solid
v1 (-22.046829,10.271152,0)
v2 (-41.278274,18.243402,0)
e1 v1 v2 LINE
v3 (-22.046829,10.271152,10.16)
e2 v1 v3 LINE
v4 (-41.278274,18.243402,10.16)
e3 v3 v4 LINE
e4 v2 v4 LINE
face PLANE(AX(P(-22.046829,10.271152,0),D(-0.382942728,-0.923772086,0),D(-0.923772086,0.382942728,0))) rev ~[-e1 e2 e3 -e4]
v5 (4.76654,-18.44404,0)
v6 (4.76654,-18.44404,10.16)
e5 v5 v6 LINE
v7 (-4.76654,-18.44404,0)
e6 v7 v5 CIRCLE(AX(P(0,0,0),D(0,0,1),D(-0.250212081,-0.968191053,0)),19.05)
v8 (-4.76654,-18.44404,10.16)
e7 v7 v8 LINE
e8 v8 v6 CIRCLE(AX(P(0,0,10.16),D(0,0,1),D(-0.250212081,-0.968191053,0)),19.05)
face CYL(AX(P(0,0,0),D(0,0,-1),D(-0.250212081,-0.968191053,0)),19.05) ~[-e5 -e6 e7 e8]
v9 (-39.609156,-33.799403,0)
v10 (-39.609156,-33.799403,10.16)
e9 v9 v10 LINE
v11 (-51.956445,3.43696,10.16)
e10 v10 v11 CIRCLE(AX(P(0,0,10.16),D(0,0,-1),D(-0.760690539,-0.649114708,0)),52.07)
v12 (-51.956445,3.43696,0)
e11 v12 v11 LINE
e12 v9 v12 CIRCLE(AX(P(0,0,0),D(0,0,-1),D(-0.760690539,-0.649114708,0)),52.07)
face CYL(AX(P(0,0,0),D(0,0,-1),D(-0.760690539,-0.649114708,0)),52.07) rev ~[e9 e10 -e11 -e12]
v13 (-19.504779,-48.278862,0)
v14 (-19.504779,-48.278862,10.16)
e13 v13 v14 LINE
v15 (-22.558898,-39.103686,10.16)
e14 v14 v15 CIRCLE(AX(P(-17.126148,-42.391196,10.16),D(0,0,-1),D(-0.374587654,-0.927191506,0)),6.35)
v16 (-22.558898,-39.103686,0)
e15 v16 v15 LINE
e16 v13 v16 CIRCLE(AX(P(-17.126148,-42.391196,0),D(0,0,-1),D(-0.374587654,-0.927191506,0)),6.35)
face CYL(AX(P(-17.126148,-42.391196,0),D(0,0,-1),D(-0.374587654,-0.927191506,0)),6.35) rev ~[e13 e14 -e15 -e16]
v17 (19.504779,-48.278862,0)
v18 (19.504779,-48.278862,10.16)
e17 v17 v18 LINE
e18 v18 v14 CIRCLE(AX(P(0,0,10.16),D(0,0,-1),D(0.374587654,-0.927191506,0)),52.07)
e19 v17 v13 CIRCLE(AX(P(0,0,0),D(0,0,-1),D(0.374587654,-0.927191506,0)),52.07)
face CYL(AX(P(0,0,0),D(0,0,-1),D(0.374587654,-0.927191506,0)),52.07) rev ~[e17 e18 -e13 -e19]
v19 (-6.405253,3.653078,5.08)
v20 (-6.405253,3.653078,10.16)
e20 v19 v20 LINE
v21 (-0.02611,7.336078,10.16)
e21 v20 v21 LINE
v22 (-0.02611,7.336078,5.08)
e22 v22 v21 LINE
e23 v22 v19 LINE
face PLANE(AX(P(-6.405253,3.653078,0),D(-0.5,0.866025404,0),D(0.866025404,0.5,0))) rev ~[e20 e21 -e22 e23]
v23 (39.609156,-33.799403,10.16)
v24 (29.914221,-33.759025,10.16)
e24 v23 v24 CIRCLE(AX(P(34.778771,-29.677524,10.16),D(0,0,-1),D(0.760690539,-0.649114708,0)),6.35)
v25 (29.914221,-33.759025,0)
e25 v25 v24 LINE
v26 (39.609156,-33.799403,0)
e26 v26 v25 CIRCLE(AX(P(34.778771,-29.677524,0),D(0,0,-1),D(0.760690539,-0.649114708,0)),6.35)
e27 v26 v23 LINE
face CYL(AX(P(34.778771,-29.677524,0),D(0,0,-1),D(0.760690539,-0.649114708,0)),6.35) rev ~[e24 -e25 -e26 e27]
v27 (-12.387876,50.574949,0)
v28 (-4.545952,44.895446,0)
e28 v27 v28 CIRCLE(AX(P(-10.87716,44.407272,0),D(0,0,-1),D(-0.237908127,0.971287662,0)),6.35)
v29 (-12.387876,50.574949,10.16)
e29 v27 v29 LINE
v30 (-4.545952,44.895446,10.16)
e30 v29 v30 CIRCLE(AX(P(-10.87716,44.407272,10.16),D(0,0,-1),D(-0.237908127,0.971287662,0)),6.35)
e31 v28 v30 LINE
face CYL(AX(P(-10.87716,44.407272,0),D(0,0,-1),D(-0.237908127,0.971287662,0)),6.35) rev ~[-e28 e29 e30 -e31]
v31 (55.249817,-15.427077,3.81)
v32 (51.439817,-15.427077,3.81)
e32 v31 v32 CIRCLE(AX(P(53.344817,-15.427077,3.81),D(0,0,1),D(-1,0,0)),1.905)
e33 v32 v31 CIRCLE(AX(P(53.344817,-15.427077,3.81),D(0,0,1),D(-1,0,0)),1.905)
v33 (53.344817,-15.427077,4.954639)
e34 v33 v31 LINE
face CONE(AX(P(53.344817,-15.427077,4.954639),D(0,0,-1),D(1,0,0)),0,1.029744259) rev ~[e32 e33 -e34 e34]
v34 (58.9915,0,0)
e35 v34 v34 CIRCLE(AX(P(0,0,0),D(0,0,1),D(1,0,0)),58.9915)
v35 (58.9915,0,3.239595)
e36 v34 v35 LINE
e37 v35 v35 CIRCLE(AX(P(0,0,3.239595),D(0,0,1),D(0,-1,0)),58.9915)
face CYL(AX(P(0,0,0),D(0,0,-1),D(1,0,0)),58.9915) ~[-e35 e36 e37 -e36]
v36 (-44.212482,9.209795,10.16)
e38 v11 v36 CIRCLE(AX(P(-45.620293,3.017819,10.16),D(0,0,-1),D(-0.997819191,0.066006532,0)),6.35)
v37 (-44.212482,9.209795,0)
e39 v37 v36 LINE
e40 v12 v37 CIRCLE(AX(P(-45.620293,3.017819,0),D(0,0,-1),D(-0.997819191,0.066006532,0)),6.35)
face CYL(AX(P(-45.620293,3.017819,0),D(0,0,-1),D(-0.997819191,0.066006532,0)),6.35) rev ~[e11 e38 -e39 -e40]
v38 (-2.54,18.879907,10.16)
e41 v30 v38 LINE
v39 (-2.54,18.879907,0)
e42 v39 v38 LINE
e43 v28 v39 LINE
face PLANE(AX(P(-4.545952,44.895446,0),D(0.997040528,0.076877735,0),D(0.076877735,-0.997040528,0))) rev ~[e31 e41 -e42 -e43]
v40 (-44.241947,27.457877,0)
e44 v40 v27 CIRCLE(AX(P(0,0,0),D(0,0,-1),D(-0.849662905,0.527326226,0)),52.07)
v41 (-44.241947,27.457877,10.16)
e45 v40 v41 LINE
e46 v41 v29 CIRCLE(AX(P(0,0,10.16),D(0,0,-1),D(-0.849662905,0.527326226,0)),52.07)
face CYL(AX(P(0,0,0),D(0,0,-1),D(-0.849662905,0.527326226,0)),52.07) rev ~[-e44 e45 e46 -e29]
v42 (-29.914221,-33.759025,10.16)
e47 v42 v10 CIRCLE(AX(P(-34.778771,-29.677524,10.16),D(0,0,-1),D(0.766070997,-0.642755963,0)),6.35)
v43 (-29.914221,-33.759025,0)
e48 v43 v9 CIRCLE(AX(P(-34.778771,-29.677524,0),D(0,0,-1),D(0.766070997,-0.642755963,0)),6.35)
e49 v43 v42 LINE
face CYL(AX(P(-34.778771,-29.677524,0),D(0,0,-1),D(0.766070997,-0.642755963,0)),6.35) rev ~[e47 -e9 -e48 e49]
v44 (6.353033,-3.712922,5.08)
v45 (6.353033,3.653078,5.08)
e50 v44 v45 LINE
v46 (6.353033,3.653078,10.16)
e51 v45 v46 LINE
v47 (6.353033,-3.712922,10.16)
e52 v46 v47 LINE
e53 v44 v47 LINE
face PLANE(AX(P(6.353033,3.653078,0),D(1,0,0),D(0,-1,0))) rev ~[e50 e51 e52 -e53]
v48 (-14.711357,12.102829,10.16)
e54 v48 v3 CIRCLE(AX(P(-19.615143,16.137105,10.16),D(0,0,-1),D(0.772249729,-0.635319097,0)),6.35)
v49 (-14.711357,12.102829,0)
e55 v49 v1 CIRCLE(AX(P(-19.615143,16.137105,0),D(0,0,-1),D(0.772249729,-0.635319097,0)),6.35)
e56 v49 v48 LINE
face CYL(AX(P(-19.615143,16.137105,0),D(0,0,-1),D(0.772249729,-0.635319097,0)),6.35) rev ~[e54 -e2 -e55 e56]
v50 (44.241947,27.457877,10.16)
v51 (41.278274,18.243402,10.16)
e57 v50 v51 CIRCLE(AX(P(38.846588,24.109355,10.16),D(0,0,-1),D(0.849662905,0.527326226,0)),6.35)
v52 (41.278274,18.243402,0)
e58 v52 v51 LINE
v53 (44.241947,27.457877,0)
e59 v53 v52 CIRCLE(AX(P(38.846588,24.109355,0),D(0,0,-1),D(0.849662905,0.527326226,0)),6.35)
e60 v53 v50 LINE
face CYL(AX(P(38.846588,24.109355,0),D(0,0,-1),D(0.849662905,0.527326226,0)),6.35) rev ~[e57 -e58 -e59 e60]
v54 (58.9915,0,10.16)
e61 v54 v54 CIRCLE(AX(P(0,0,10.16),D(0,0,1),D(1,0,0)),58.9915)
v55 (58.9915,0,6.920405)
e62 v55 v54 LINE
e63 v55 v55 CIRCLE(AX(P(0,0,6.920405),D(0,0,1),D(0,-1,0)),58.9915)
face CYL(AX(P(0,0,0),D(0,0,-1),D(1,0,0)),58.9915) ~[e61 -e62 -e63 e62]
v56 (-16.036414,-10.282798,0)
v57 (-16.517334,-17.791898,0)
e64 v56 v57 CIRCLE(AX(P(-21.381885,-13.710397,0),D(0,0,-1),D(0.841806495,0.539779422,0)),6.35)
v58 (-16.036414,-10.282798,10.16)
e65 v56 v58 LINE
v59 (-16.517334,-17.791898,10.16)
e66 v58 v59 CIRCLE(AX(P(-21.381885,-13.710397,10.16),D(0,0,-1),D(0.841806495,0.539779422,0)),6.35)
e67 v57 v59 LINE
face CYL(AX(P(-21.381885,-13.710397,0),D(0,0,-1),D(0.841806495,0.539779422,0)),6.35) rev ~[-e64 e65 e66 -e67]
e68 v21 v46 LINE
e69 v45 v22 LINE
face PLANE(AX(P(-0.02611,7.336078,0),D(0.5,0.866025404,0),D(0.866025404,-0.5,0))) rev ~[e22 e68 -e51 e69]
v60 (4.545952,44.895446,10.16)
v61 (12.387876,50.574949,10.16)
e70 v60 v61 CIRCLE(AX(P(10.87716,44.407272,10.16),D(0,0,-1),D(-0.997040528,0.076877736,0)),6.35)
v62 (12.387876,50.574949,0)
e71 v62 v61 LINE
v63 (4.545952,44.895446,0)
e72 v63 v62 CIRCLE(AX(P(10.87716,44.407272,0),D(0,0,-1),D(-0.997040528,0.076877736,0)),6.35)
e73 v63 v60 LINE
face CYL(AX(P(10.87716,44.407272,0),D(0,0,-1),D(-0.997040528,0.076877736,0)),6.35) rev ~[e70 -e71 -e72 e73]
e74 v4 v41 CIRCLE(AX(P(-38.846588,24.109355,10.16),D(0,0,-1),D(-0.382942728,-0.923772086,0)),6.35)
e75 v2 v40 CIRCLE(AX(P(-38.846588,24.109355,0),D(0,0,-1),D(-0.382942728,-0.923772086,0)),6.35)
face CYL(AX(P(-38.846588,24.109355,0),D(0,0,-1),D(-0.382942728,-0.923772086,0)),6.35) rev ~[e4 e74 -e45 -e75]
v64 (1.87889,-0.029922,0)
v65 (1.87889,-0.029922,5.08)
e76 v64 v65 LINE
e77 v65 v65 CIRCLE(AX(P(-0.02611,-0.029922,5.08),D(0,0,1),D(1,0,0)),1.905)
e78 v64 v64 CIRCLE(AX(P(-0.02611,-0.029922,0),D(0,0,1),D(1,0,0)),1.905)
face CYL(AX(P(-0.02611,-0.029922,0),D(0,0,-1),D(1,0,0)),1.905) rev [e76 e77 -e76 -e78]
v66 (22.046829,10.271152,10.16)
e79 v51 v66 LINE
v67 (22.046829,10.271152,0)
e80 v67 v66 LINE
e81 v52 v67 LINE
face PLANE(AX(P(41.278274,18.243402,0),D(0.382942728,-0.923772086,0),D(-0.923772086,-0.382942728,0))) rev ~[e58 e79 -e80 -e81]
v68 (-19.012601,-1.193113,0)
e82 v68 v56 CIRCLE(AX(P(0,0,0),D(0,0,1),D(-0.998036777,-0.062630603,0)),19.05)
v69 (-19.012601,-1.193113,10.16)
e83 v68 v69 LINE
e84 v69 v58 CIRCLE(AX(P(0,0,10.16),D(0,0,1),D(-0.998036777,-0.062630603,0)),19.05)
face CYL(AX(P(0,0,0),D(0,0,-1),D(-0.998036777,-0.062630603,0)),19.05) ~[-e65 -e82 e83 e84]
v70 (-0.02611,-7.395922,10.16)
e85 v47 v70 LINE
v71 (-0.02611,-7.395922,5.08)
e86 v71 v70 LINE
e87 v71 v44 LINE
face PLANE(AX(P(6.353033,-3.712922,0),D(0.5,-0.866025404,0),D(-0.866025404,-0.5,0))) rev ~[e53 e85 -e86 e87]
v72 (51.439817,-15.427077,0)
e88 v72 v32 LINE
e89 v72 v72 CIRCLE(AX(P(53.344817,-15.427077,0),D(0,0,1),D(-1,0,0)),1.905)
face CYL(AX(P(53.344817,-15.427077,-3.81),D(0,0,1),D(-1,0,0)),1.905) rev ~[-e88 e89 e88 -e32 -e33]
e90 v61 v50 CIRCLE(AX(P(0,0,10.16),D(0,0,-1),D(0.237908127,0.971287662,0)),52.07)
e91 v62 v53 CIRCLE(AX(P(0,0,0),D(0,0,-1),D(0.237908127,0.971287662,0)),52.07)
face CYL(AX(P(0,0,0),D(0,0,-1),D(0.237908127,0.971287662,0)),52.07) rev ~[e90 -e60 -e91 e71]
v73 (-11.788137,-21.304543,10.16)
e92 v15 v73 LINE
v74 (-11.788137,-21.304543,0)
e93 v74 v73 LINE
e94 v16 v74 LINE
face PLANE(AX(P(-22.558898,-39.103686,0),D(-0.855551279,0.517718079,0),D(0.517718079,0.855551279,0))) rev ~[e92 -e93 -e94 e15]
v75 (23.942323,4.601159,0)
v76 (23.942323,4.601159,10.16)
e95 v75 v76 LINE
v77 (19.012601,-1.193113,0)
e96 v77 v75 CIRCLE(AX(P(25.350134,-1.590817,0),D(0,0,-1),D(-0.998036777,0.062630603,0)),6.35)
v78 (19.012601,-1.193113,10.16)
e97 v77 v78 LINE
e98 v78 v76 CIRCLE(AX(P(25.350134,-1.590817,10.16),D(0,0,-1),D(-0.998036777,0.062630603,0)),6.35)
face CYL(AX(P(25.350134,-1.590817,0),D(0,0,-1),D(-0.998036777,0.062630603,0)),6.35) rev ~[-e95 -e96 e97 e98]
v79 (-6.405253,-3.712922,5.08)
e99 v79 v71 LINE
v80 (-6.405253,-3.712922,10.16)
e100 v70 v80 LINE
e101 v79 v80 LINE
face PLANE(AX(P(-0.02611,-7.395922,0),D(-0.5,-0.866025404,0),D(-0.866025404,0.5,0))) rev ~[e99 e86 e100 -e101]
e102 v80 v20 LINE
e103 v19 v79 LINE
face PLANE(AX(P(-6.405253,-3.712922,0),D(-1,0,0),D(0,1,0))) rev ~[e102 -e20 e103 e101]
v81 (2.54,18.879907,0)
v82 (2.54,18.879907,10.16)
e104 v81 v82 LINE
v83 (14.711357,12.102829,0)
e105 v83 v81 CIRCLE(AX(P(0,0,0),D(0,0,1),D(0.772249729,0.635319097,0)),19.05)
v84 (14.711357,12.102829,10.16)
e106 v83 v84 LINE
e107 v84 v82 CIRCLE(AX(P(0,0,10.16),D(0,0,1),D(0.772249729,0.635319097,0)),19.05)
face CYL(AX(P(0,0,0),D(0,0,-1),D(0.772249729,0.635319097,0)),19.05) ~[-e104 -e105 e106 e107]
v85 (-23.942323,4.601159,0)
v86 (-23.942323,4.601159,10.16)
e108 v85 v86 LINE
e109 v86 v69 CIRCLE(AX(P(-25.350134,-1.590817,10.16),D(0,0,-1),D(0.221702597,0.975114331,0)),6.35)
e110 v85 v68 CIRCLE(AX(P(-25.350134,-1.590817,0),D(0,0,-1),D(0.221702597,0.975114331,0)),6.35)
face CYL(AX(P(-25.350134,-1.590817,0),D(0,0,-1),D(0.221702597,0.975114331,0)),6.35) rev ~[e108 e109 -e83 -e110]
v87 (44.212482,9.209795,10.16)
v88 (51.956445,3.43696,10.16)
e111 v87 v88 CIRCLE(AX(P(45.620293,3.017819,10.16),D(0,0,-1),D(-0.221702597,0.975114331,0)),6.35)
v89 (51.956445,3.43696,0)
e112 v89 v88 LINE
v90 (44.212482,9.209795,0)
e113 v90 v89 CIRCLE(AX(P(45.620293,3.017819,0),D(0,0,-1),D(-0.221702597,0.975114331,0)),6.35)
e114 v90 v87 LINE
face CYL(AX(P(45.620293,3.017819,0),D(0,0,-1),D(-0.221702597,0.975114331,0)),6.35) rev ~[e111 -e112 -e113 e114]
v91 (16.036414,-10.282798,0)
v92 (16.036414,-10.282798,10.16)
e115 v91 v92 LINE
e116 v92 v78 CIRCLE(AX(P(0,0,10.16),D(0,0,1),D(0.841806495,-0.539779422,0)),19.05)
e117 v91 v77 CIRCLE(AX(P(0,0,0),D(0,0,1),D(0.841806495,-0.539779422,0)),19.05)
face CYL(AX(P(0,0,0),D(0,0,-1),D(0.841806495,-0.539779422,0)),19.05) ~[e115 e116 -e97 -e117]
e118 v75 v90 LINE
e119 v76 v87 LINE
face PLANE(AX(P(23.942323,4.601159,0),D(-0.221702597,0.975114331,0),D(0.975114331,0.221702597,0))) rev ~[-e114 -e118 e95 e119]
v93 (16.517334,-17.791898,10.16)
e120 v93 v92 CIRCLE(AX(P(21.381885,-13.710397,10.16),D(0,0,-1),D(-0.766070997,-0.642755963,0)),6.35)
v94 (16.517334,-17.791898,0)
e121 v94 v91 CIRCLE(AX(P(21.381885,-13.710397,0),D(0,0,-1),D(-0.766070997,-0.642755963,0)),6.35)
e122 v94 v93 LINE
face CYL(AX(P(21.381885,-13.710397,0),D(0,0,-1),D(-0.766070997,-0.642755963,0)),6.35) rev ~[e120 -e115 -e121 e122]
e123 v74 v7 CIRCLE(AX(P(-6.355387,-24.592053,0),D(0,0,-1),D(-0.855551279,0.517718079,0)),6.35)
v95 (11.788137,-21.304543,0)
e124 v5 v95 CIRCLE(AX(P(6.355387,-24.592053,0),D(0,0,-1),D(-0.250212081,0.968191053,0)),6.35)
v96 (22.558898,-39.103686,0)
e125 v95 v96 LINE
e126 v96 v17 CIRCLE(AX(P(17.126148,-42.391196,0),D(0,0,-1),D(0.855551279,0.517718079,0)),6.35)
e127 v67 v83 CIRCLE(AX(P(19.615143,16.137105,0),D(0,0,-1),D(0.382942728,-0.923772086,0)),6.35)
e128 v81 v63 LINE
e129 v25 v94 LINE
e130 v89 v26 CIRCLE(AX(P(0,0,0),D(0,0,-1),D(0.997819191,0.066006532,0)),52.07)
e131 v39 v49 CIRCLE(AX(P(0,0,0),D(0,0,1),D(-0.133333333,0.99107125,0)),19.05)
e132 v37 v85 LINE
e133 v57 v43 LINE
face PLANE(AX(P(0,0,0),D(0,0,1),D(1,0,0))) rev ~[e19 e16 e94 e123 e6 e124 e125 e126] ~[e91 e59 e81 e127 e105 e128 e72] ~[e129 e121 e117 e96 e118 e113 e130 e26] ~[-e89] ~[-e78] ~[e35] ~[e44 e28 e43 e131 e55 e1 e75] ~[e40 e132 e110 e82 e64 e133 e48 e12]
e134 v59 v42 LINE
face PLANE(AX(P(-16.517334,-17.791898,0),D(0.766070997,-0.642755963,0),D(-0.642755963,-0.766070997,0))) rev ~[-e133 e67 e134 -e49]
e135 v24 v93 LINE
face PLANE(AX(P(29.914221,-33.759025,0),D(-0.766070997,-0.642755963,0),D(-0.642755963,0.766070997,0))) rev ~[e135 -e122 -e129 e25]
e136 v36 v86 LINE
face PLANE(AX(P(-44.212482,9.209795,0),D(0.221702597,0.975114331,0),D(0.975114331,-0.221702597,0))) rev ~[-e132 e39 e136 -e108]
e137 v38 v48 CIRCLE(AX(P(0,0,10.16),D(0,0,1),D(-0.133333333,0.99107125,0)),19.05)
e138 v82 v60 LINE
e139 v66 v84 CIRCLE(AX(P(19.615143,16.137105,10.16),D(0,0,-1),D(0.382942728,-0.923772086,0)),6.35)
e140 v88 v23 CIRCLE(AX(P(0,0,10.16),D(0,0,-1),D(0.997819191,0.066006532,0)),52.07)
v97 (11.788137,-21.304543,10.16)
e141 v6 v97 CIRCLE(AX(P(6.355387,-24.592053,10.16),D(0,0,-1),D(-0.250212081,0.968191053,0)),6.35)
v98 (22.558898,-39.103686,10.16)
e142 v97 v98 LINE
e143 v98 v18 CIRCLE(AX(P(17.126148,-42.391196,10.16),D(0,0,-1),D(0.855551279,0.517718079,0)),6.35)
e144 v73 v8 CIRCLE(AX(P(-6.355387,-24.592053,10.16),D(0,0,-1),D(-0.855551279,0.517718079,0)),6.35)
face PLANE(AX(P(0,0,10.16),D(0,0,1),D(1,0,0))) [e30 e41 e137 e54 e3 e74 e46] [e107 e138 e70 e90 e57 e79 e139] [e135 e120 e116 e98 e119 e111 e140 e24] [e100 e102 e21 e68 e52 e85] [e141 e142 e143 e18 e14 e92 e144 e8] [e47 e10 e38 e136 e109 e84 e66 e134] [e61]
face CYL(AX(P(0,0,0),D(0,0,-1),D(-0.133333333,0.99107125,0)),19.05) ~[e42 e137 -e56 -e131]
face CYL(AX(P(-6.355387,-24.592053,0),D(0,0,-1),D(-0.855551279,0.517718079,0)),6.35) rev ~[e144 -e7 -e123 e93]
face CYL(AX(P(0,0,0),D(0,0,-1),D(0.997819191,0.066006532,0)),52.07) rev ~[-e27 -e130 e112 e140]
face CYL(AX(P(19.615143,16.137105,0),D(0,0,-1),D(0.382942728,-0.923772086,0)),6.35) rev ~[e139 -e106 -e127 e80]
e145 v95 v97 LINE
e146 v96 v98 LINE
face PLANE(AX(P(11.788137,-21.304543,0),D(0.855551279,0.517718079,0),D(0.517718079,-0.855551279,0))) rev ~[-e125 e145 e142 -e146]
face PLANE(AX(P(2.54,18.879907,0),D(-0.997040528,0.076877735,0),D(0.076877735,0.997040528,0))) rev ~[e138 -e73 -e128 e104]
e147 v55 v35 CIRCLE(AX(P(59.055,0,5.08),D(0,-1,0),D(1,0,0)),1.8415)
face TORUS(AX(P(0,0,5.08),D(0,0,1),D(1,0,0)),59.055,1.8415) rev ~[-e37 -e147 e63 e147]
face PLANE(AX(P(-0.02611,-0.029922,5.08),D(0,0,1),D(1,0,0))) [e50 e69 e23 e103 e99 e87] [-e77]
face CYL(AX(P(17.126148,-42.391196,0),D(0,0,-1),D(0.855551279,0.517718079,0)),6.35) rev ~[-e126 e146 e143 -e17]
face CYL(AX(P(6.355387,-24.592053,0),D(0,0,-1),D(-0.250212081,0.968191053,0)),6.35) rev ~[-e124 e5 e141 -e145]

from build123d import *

# Parameters (mm, degrees)
F0_R     = 1.905
F1_DEPTH = 5.08
F0_R_2   = 58.9915
F2_DEPTH = 10.16
F3_R     = 1.8415
F7_D     = 3.81
F7_DEPTH = 3.81
F7_TIP   = 1.1446394792


with BuildPart() as f1:
    # F0 (on Top) → F1 (new body)
    with BuildSketch(Plane.XY):
        Polygon((-6.4052528628, -3.7129219378), (-0.0261097385, -7.3959219378), (6.3530333858, -3.7129219378), (6.3530333858, 3.6530780622), (-0.0261097385, 7.3360780622), (-6.4052528628, 3.6530780622), align=None)
        with Locations((-0.0261097385, -0.0299219378)):
            Circle(F0_R, mode=Mode.SUBTRACT)
    extrude(amount=F1_DEPTH)

    # F0 (on Top) → F2 (join)
    with BuildSketch(Plane.XY):
        Circle(F0_R_2)
        with BuildLine():
            Line((-44.2124819173, 9.2097946363), (-23.9423226363, 4.6011586921))
            ThreePointArc((-23.9423226363, 4.6011586921), (-20.5137110236, 2.5239744907), (-19.0126005957, -1.1931129822))
            ThreePointArc((-19.0126005957, -1.1931129822), (-18.1042521178, -5.9277782732), (-16.0364137318, -10.2827979958))
            ThreePointArc((-16.0364137318, -10.2827979958), (-15.0448681501, -14.1162516757), (-16.5173341467, -17.7918976931))
            Line((-16.5173341467, -17.7918976931), (-29.9142206112, -33.7590248091))
            ThreePointArc((-29.9142206112, -33.7590248091), (-34.752324822, -36.0274693708), (-39.6091563625, -33.7994028387))
            ThreePointArc((-39.6091563625, -33.7994028387), (-49.423694035, -16.3885132924), (-51.9564452709, 3.4369601117))
            ThreePointArc((-51.9564452709, 3.4369601117), (-49.4154929179, 8.1088853878), (-44.2124819173, 9.2097946363))
        make_face(mode=Mode.SUBTRACT)
        Polygon((6.3530333858, -3.7129219378), (-0.0261097385, -7.3959219378), (-6.4052528628, -3.7129219378), (-6.4052528628, 3.6530780622), (-0.0261097385, 7.3360780622), (6.3530333858, 3.6530780622), align=None, mode=Mode.SUBTRACT)
        with BuildLine():
            ThreePointArc((-11.7881374723, -21.3045429378), (-8.7511162218, -18.7113231264), (-4.766540139, -18.4440395549))
            ThreePointArc((-4.766540139, -18.4440395549), (0, -19.05), (4.766540139, -18.4440395549))
            ThreePointArc((4.766540139, -18.4440395549), (8.7511162218, -18.7113231264), (11.7881374723, -21.3045429378))
            Line((11.7881374723, -21.3045429378), (22.5588981673, -39.1036858663))
            ThreePointArc((22.5588981673, -39.1036858663), (23.1511277222, -44.3967165208), (19.5047791508, -48.2788617334))
            ThreePointArc((19.5047791508, -48.2788617334), (0, -52.07), (-19.5047791508, -48.2788617334))
            ThreePointArc((-19.5047791508, -48.2788617334), (-23.1511277222, -44.3967165208), (-22.5588981673, -39.1036858663))
            Line((-22.5588981673, -39.1036858663), (-11.7881374723, -21.3045429378))
        make_face(mode=Mode.SUBTRACT)
        with Locations((53.3448168004, -15.4270773673)):
            Circle(F0_R, mode=Mode.SUBTRACT)
        with BuildLine():
            Line((29.9142206112, -33.7590248091), (16.5173341467, -17.7918976931))
            ThreePointArc((16.5173341467, -17.7918976931), (15.0448681501, -14.1162516757), (16.0364137318, -10.2827979958))
            ThreePointArc((16.0364137318, -10.2827979958), (18.1042521178, -5.9277782732), (19.0126005957, -1.1931129822))
            ThreePointArc((19.0126005957, -1.1931129822), (20.5137110236, 2.5239744907), (23.9423226363, 4.6011586921))
            Line((23.9423226363, 4.6011586921), (44.2124819173, 9.2097946363))
            ThreePointArc((44.2124819173, 9.2097946363), (49.4154929179, 8.1088853878), (51.9564452709, 3.4369601117))
            ThreePointArc((51.9564452709, 3.4369601117), (49.423694035, -16.3885132924), (39.6091563625, -33.7994028387))
            ThreePointArc((39.6091563625, -33.7994028387), (34.752324822, -36.0274693708), (29.9142206112, -33.7590248091))
        make_face(mode=Mode.SUBTRACT)
        with BuildLine():
            ThreePointArc((-12.3878761858, 50.5749485774), (-7.1524486585, 49.550133826), (-4.5459522271, 44.895445542))
            Line((-4.5459522271, 44.895445542), (-2.54, 18.8799073091))
            ThreePointArc((-2.54, 18.8799073091), (-9.267390723, 16.6438568003), (-14.7113573439, 12.1028288057))
            ThreePointArc((-14.7113573439, 12.1028288057), (-18.0767743108, 9.9762673559), (-22.0468294507, 10.2711523285))
            Line((-22.0468294507, 10.2711523285), (-41.2782743334, 18.243402288))
            ThreePointArc((-41.2782743334, 18.243402288), (-44.8916103761, 22.1650802153), (-44.2419474535, 27.4578765661))
            ThreePointArc((-44.2419474535, 27.4578765661), (-30.5832304695, 42.1420326284), (-12.3878761858, 50.5749485774))
        make_face(mode=Mode.SUBTRACT)
        with BuildLine():
            ThreePointArc((12.3878761858, 50.5749485774), (30.5832304695, 42.1420326284), (44.2419474535, 27.4578765661))
            ThreePointArc((44.2419474535, 27.4578765661), (44.8916103761, 22.1650802153), (41.2782743334, 18.243402288))
            Line((41.2782743334, 18.243402288), (22.0468294507, 10.2711523285))
            ThreePointArc((22.0468294507, 10.2711523285), (18.0767743108, 9.9762673559), (14.7113573439, 12.1028288057))
            ThreePointArc((14.7113573439, 12.1028288057), (9.267390723, 16.6438568003), (2.54, 18.8799073091))
            Line((2.54, 18.8799073091), (4.5459522271, 44.895445542))
            ThreePointArc((4.5459522271, 44.895445542), (7.1524486585, 49.550133826), (12.3878761858, 50.5749485774))
        make_face(mode=Mode.SUBTRACT)
        with Locations((53.3448168004, -15.4270773673)):
            Circle(F0_R)
    extrude(amount=F2_DEPTH)


with BuildPart() as f5:
    # F3 (on Front) → F5 (revolve)
    with BuildSketch(Plane.XZ):
        with Locations((59.055, 5.08)):
            Circle(F3_R)
    revolve(axis=Axis((0, 0, 4.4038342312), (0, 0, 1)))


with BuildPart() as f1_1:
    add(f1.part)

    # F6: cut F5
    add(f5.part, mode=Mode.SUBTRACT)

    # F7
    with Locations(Plane(origin=(0, 0, 0), x_dir=(1, 0, 0), z_dir=(0, 0, -1))):
        with Locations((53.3448168004, 15.4270773673)):
            Hole(F7_D / 2, depth=F7_DEPTH)
            with Locations((0, 0, -(F7_DEPTH + F7_TIP / 2))):  # 118° drill point
                Cone(0, F7_D / 2, F7_TIP, mode=Mode.SUBTRACT)


solid = f1_1.part
